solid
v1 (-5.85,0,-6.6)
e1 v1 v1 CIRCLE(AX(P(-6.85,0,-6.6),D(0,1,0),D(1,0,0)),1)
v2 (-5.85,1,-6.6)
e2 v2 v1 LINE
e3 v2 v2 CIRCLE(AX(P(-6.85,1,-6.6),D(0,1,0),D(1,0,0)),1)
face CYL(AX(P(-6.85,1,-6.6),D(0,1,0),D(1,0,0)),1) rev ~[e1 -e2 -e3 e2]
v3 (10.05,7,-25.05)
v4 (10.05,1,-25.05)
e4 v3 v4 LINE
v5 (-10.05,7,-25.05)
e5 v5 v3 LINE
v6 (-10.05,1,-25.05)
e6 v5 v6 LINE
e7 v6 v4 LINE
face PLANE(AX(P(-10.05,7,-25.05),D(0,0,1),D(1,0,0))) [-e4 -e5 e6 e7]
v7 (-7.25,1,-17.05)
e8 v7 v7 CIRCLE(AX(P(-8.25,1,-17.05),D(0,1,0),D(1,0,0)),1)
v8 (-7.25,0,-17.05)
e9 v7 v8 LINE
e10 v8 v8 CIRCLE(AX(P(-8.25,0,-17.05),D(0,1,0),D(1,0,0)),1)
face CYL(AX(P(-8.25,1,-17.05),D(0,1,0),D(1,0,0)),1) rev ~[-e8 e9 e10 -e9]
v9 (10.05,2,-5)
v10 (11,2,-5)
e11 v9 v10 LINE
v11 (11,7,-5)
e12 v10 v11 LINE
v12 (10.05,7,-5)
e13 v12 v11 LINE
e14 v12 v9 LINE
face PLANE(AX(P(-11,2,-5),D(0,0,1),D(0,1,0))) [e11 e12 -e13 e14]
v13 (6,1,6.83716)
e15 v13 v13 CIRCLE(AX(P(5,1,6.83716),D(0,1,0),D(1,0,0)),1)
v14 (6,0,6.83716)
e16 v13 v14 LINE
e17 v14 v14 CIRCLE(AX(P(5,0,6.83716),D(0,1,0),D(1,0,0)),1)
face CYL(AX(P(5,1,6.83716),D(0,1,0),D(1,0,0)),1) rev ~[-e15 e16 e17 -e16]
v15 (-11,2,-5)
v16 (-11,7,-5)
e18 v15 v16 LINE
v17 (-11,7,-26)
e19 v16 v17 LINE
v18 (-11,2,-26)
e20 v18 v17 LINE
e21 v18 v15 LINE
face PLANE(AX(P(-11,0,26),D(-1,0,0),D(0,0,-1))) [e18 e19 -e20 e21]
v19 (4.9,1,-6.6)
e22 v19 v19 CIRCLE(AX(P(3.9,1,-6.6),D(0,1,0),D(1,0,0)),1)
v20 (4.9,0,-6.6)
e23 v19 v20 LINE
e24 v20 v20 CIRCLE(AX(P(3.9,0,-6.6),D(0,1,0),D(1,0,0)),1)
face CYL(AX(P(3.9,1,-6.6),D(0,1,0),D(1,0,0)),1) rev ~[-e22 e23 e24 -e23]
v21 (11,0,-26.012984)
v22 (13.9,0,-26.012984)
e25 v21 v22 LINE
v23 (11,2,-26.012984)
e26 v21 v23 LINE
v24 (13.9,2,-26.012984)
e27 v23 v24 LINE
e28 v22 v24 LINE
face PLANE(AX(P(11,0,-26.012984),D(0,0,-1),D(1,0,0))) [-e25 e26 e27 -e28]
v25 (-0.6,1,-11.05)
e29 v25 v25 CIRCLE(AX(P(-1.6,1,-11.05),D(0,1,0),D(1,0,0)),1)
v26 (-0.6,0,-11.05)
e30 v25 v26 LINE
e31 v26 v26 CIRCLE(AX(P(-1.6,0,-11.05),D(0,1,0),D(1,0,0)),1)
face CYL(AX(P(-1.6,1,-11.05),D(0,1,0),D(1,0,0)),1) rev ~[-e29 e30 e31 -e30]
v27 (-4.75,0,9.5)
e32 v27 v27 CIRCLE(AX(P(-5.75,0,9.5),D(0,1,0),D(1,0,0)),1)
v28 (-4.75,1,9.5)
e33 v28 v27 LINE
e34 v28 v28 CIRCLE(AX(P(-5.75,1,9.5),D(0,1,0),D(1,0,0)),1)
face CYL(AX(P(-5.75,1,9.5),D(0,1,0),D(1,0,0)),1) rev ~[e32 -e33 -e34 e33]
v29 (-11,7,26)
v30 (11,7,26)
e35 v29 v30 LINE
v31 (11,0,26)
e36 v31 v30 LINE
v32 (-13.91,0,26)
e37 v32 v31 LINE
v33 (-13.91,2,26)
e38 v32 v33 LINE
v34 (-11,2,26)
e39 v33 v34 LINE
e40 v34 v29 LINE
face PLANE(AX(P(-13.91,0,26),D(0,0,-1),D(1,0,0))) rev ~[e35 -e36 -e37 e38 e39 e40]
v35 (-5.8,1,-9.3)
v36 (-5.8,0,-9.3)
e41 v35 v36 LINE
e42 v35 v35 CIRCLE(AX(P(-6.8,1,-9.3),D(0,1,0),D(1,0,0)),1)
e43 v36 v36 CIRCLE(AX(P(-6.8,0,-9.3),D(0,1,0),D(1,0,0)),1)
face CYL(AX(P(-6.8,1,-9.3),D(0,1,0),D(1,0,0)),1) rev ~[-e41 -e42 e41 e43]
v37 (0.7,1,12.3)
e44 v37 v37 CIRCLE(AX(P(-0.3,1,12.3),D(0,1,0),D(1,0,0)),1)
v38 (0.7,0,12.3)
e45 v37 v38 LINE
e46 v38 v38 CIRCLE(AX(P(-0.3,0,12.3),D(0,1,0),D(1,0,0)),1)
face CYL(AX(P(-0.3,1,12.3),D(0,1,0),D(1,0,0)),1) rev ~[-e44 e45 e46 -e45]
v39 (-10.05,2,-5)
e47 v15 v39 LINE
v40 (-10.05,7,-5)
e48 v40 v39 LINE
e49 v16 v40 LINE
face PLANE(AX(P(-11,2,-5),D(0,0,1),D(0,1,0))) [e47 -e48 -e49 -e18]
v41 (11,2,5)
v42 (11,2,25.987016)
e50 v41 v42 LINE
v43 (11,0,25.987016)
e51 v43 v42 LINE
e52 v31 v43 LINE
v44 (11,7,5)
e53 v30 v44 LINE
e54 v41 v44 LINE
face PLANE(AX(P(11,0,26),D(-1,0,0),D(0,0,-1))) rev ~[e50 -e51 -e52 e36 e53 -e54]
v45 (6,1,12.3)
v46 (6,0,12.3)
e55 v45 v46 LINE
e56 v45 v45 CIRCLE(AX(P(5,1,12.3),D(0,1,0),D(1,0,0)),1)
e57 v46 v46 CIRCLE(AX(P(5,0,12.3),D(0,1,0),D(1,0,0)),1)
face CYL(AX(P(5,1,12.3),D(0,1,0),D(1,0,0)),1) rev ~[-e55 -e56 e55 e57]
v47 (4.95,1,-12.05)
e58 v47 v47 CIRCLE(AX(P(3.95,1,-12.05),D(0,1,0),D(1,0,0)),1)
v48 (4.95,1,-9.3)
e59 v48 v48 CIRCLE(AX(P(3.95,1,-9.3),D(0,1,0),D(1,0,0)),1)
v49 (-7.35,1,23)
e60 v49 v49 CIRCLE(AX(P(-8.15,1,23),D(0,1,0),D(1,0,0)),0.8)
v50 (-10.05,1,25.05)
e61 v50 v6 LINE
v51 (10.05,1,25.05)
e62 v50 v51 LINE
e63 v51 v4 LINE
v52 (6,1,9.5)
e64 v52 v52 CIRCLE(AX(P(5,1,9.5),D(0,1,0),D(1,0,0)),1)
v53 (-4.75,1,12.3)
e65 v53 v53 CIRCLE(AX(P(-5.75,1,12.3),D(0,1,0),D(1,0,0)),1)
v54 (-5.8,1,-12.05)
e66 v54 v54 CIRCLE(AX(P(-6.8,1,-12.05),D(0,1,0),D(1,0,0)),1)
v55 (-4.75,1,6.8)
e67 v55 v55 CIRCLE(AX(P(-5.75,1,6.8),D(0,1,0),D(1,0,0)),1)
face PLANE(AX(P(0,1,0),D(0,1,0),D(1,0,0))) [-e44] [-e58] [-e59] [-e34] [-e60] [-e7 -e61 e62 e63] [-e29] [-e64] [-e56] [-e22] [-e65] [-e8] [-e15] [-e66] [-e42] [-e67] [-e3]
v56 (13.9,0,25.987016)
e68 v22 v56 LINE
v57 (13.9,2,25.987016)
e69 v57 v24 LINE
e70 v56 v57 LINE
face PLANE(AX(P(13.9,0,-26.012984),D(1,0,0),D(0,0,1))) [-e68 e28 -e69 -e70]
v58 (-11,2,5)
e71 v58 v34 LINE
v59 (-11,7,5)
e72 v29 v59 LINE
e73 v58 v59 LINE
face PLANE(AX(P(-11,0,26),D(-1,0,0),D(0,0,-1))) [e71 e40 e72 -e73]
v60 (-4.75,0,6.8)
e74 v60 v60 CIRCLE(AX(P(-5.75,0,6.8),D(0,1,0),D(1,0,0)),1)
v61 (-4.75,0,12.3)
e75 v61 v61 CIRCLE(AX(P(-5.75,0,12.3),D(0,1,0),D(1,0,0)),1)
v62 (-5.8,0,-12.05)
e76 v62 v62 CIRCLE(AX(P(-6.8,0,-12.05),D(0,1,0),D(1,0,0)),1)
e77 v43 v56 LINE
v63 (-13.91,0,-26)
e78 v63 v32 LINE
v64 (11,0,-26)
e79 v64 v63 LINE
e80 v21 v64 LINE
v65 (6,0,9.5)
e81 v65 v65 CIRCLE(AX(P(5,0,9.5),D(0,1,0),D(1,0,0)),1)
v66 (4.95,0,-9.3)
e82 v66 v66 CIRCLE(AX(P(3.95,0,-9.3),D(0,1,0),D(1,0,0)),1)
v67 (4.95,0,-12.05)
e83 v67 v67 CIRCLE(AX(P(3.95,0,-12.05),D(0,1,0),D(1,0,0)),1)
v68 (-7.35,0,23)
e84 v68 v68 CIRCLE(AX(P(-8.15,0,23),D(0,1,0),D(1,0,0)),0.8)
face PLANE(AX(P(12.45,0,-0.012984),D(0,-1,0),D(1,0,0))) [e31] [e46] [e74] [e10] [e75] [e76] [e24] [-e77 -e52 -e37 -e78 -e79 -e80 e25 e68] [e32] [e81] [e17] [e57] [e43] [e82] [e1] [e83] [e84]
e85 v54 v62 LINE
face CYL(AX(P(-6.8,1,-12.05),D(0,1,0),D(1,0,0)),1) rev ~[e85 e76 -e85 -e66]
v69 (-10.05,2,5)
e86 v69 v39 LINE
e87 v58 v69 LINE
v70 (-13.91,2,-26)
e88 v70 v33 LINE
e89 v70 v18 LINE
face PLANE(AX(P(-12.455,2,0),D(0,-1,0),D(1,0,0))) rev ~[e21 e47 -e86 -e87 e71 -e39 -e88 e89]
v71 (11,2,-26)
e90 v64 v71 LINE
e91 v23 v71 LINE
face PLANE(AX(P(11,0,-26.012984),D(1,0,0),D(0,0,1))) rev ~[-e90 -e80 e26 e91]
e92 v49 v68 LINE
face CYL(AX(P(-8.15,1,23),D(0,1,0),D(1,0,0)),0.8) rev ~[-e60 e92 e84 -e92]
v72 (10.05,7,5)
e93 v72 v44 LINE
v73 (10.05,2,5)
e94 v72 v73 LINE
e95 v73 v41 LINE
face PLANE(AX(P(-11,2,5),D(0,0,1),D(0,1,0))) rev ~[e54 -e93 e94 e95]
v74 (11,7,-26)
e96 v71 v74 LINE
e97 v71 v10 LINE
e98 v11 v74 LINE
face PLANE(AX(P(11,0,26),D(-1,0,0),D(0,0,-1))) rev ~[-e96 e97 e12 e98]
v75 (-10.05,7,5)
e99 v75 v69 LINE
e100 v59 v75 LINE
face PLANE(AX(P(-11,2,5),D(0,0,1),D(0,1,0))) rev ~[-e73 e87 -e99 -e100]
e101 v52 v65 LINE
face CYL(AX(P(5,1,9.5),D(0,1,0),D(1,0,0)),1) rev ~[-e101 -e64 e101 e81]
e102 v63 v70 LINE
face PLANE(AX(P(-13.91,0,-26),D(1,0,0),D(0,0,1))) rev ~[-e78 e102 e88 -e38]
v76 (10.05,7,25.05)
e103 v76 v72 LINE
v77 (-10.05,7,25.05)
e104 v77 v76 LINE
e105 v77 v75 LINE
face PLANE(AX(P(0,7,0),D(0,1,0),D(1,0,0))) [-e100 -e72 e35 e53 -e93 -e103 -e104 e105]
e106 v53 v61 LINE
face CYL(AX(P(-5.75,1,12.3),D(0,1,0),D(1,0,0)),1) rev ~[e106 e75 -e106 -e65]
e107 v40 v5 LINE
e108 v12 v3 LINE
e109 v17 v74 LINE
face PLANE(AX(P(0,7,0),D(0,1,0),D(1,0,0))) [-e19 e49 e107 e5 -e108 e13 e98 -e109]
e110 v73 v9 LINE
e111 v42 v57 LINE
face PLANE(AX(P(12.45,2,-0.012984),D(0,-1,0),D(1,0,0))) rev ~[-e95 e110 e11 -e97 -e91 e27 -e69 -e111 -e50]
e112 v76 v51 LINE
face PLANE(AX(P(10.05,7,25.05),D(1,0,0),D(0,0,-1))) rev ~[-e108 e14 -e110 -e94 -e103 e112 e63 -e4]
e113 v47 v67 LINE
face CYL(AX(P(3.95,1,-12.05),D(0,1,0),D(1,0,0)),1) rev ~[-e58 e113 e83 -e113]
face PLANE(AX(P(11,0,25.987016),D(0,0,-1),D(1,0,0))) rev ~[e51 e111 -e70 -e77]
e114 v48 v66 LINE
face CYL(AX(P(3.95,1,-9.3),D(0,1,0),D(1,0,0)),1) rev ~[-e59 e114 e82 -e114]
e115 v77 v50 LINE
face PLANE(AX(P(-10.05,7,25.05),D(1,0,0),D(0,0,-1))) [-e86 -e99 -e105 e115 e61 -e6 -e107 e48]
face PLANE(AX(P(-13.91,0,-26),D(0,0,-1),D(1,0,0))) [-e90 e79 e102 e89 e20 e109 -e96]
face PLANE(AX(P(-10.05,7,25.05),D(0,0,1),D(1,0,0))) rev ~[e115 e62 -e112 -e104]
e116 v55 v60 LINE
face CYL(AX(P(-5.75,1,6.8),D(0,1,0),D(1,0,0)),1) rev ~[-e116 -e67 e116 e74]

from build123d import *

# Parameters (mm, degrees)
SKETCH1_W               = 22
SKETCH1_H               = 52
BOSS_EXTRUDE1_DEPTH     = 7
SKETCH2_W               = 20.1
SKETCH2_H               = 50.1
CUT_EXTRUDE1_DEPTH      = 6
SKETCH7_R               = 0.8
CUT_EXTRUDE6_DEPTH      = 7
CUT_EXTRUDE6_DEPTH_BACK = 2
CUT_EXTRUDE7_REACH      = 3
SKETCH8_R               = 1
CUT_EXTRUDE9_REACH      = 3
SKETCH9_R               = 1
CUT_EXTRUDE10_REACH     = 3
SKETCH10_R              = 1
CUT_EXTRUDE11_REACH     = 3
SKETCH11_R              = 1
CUT_EXTRUDE12_REACH     = 3
SKETCH12_R              = 1
CUT_EXTRUDE13_REACH     = 3
SKETCH13_R              = 1
CUT_EXTRUDE14_REACH     = 3
SKETCH14_R              = 1
CUT_EXTRUDE15_REACH     = 3
SKETCH15_R              = 1
CUT_EXTRUDE16_REACH     = 3
SKETCH16_R              = 1
SKETCH18_W              = 2.91
SKETCH18_H              = 52
BOSS_EXTRUDE2_DEPTH     = 2
SKETCH18_3_W            = 2.9
SKETCH18_3_H            = 52
BOSS_EXTRUDE3_DEPTH     = 2
SKETCH19_W              = 10
SKETCH19_H              = 5
CUT_EXTRUDE17_DEPTH     = 25.9


with BuildPart() as part:
    # Sketch1 → Boss-Extrude1 (new body)
    with BuildSketch(Plane(origin=(0, 0, 0), x_dir=(1, 0, 0), z_dir=(0, 1, 0))):
        Rectangle(SKETCH1_W, SKETCH1_H)
    extrude(amount=BOSS_EXTRUDE1_DEPTH)

    # Sketch2 → Cut-Extrude1 (cut)
    with BuildSketch(Plane(origin=(0, 7, 0), x_dir=(1, 0, 0), z_dir=(0, 1, 0))):
        Rectangle(SKETCH2_W, SKETCH2_H)
    extrude(amount=-CUT_EXTRUDE1_DEPTH, mode=Mode.SUBTRACT)

    # Sketch7 → Cut-Extrude6 (cut, two sides)
    with BuildSketch(Plane(origin=(0, 1, 0), x_dir=(1, 0, 0), z_dir=(0, 1, 0))) as cut_extrude6_sk:
        with Locations((-8.15, -23)):
            Circle(SKETCH7_R)
    extrude(amount=CUT_EXTRUDE6_DEPTH, mode=Mode.SUBTRACT)
    extrude(cut_extrude6_sk.sketch, amount=-CUT_EXTRUDE6_DEPTH_BACK, mode=Mode.SUBTRACT)

    # Sketch8 → Cut-Extrude7 (cut, up to next)
    with BuildSketch(Plane(origin=(0, 1, 0), x_dir=(1, 0, 0), z_dir=(0, 1, 0)), mode=Mode.PRIVATE) as cut_extrude7_sk1:
        with Locations((-5.75, -12.3)):
            Circle(SKETCH8_R)
    cut_extrude7_tool1 = extrude(cut_extrude7_sk1.sketch, amount=-CUT_EXTRUDE7_REACH, mode=Mode.PRIVATE) & part.part
    add(cut_extrude7_tool1.solids().sort_by_distance((-5.75, 1, 12.3))[0], mode=Mode.SUBTRACT)
    # Sketch8 → Cut-Extrude7 (cut, up to next)
    with BuildSketch(Plane(origin=(0, 1, 0), x_dir=(1, 0, 0), z_dir=(0, 1, 0)), mode=Mode.PRIVATE) as cut_extrude7_sk2:
        with Locations((5, -12.3)):
            Circle(SKETCH8_R)
    cut_extrude7_tool2 = extrude(cut_extrude7_sk2.sketch, amount=-CUT_EXTRUDE7_REACH, mode=Mode.PRIVATE) & part.part
    add(cut_extrude7_tool2.solids().sort_by_distance((5, 1, 12.3))[0], mode=Mode.SUBTRACT)

    # Sketch9 → Cut-Extrude9 (cut, up to next)
    with BuildSketch(Plane(origin=(0, 1, 0), x_dir=(1, 0, 0), z_dir=(0, 1, 0)), mode=Mode.PRIVATE) as cut_extrude9_sk1:
        with Locations((-5.75, -9.5)):
            Circle(SKETCH9_R)
    cut_extrude9_tool1 = extrude(cut_extrude9_sk1.sketch, amount=-CUT_EXTRUDE9_REACH, mode=Mode.PRIVATE) & part.part
    add(cut_extrude9_tool1.solids().sort_by_distance((-5.75, 1, 9.5))[0], mode=Mode.SUBTRACT)
    # Sketch9 → Cut-Extrude9 (cut, up to next)
    with BuildSketch(Plane(origin=(0, 1, 0), x_dir=(1, 0, 0), z_dir=(0, 1, 0)), mode=Mode.PRIVATE) as cut_extrude9_sk2:
        with Locations((5, -9.5)):
            Circle(SKETCH9_R)
    cut_extrude9_tool2 = extrude(cut_extrude9_sk2.sketch, amount=-CUT_EXTRUDE9_REACH, mode=Mode.PRIVATE) & part.part
    add(cut_extrude9_tool2.solids().sort_by_distance((5, 1, 9.5))[0], mode=Mode.SUBTRACT)

    # Sketch10 → Cut-Extrude10 (cut, up to next)
    with BuildSketch(Plane(origin=(0, 1, 0), x_dir=(1, 0, 0), z_dir=(0, 1, 0)), mode=Mode.PRIVATE) as cut_extrude10_sk1:
        with Locations((-5.75, -6.8)):
            Circle(SKETCH10_R)
    cut_extrude10_tool1 = extrude(cut_extrude10_sk1.sketch, amount=-CUT_EXTRUDE10_REACH, mode=Mode.PRIVATE) & part.part
    add(cut_extrude10_tool1.solids().sort_by_distance((-5.75, 1, 6.8))[0], mode=Mode.SUBTRACT)
    # Sketch10 → Cut-Extrude10 (cut, up to next)
    with BuildSketch(Plane(origin=(0, 1, 0), x_dir=(1, 0, 0), z_dir=(0, 1, 0)), mode=Mode.PRIVATE) as cut_extrude10_sk2:
        with Locations((5, -6.837159935)):
            Circle(SKETCH10_R)
    cut_extrude10_tool2 = extrude(cut_extrude10_sk2.sketch, amount=-CUT_EXTRUDE10_REACH, mode=Mode.PRIVATE) & part.part
    add(cut_extrude10_tool2.solids().sort_by_distance((5, 1, 6.83716))[0], mode=Mode.SUBTRACT)

    # Sketch11 → Cut-Extrude11 (cut, up to next)
    with BuildSketch(Plane(origin=(0, 1, 0), x_dir=(1, 0, 0), z_dir=(0, 1, 0)), mode=Mode.PRIVATE) as cut_extrude11_sk1:
        with Locations((-0.3, -12.3)):
            Circle(SKETCH11_R)
    cut_extrude11_tool1 = extrude(cut_extrude11_sk1.sketch, amount=-CUT_EXTRUDE11_REACH, mode=Mode.PRIVATE) & part.part
    add(cut_extrude11_tool1.solids().sort_by_distance((-0.3, 1, 12.3))[0], mode=Mode.SUBTRACT)

    # Sketch12 → Cut-Extrude12 (cut, up to next)
    with BuildSketch(Plane(origin=(0, 1, 0), x_dir=(1, 0, 0), z_dir=(0, 1, 0)), mode=Mode.PRIVATE) as cut_extrude12_sk1:
        with Locations((3.95, 12.05)):
            Circle(SKETCH12_R)
    cut_extrude12_tool1 = extrude(cut_extrude12_sk1.sketch, amount=-CUT_EXTRUDE12_REACH, mode=Mode.PRIVATE) & part.part
    add(cut_extrude12_tool1.solids().sort_by_distance((3.95, 1, -12.05))[0], mode=Mode.SUBTRACT)
    # Sketch12 → Cut-Extrude12 (cut, up to next)
    with BuildSketch(Plane(origin=(0, 1, 0), x_dir=(1, 0, 0), z_dir=(0, 1, 0)), mode=Mode.PRIVATE) as cut_extrude12_sk2:
        with Locations((-6.8, 12.05)):
            Circle(SKETCH12_R)
    cut_extrude12_tool2 = extrude(cut_extrude12_sk2.sketch, amount=-CUT_EXTRUDE12_REACH, mode=Mode.PRIVATE) & part.part
    add(cut_extrude12_tool2.solids().sort_by_distance((-6.8, 1, -12.05))[0], mode=Mode.SUBTRACT)

    # Sketch13 → Cut-Extrude13 (cut, up to next)
    with BuildSketch(Plane(origin=(0, 1, 0), x_dir=(1, 0, 0), z_dir=(0, 1, 0)), mode=Mode.PRIVATE) as cut_extrude13_sk1:
        with Locations((3.95, 9.3)):
            Circle(SKETCH13_R)
    cut_extrude13_tool1 = extrude(cut_extrude13_sk1.sketch, amount=-CUT_EXTRUDE13_REACH, mode=Mode.PRIVATE) & part.part
    add(cut_extrude13_tool1.solids().sort_by_distance((3.95, 1, -9.3))[0], mode=Mode.SUBTRACT)
    # Sketch13 → Cut-Extrude13 (cut, up to next)
    with BuildSketch(Plane(origin=(0, 1, 0), x_dir=(1, 0, 0), z_dir=(0, 1, 0)), mode=Mode.PRIVATE) as cut_extrude13_sk2:
        with Locations((-6.8, 9.3)):
            Circle(SKETCH13_R)
    cut_extrude13_tool2 = extrude(cut_extrude13_sk2.sketch, amount=-CUT_EXTRUDE13_REACH, mode=Mode.PRIVATE) & part.part
    add(cut_extrude13_tool2.solids().sort_by_distance((-6.8, 1, -9.3))[0], mode=Mode.SUBTRACT)

    # Sketch14 → Cut-Extrude14 (cut, up to next)
    with BuildSketch(Plane(origin=(0, 1, 0), x_dir=(1, 0, 0), z_dir=(0, 1, 0)), mode=Mode.PRIVATE) as cut_extrude14_sk1:
        with Locations((3.9, 6.6)):
            Circle(SKETCH14_R)
    cut_extrude14_tool1 = extrude(cut_extrude14_sk1.sketch, amount=-CUT_EXTRUDE14_REACH, mode=Mode.PRIVATE) & part.part
    add(cut_extrude14_tool1.solids().sort_by_distance((3.9, 1, -6.6))[0], mode=Mode.SUBTRACT)
    # Sketch14 → Cut-Extrude14 (cut, up to next)
    with BuildSketch(Plane(origin=(0, 1, 0), x_dir=(1, 0, 0), z_dir=(0, 1, 0)), mode=Mode.PRIVATE) as cut_extrude14_sk2:
        with Locations((-6.85, 6.6)):
            Circle(SKETCH14_R)
    cut_extrude14_tool2 = extrude(cut_extrude14_sk2.sketch, amount=-CUT_EXTRUDE14_REACH, mode=Mode.PRIVATE) & part.part
    add(cut_extrude14_tool2.solids().sort_by_distance((-6.85, 1, -6.6))[0], mode=Mode.SUBTRACT)

    # Sketch15 → Cut-Extrude15 (cut, up to next)
    with BuildSketch(Plane(origin=(0, 1, 0), x_dir=(1, 0, 0), z_dir=(0, 1, 0)), mode=Mode.PRIVATE) as cut_extrude15_sk1:
        with Locations((-1.6, 11.05)):
            Circle(SKETCH15_R)
    cut_extrude15_tool1 = extrude(cut_extrude15_sk1.sketch, amount=-CUT_EXTRUDE15_REACH, mode=Mode.PRIVATE) & part.part
    add(cut_extrude15_tool1.solids().sort_by_distance((-1.6, 1, -11.05))[0], mode=Mode.SUBTRACT)

    # Sketch16 → Cut-Extrude16 (cut, up to next)
    with BuildSketch(Plane(origin=(0, 1, 0), x_dir=(1, 0, 0), z_dir=(0, 1, 0)), mode=Mode.PRIVATE) as cut_extrude16_sk1:
        with Locations((-8.25, 17.05)):
            Circle(SKETCH16_R)
    cut_extrude16_tool1 = extrude(cut_extrude16_sk1.sketch, amount=-CUT_EXTRUDE16_REACH, mode=Mode.PRIVATE) & part.part
    add(cut_extrude16_tool1.solids().sort_by_distance((-8.25, 1, -17.05))[0], mode=Mode.SUBTRACT)

    # Sketch18 → Boss-Extrude2 (add)
    with BuildSketch(Plane.XZ):
        with Locations((-12.455, 0)):
            Rectangle(SKETCH18_W, SKETCH18_H)
    extrude(amount=-BOSS_EXTRUDE2_DEPTH)

    # Sketch18<3> → Boss-Extrude3 (add)
    with BuildSketch(Plane.XZ):
        with Locations((12.45, -0.012983648)):
            Rectangle(SKETCH18_3_W, SKETCH18_3_H)
    extrude(amount=-BOSS_EXTRUDE3_DEPTH)

    # Sketch19 → Cut-Extrude17 (cut, through all)
    with BuildSketch(Plane.ZY.offset(11)):
        with Locations((0, 4.5)):
            Rectangle(SKETCH19_W, SKETCH19_H)
    extrude(amount=-CUT_EXTRUDE17_DEPTH, mode=Mode.SUBTRACT)


solid = part.part
